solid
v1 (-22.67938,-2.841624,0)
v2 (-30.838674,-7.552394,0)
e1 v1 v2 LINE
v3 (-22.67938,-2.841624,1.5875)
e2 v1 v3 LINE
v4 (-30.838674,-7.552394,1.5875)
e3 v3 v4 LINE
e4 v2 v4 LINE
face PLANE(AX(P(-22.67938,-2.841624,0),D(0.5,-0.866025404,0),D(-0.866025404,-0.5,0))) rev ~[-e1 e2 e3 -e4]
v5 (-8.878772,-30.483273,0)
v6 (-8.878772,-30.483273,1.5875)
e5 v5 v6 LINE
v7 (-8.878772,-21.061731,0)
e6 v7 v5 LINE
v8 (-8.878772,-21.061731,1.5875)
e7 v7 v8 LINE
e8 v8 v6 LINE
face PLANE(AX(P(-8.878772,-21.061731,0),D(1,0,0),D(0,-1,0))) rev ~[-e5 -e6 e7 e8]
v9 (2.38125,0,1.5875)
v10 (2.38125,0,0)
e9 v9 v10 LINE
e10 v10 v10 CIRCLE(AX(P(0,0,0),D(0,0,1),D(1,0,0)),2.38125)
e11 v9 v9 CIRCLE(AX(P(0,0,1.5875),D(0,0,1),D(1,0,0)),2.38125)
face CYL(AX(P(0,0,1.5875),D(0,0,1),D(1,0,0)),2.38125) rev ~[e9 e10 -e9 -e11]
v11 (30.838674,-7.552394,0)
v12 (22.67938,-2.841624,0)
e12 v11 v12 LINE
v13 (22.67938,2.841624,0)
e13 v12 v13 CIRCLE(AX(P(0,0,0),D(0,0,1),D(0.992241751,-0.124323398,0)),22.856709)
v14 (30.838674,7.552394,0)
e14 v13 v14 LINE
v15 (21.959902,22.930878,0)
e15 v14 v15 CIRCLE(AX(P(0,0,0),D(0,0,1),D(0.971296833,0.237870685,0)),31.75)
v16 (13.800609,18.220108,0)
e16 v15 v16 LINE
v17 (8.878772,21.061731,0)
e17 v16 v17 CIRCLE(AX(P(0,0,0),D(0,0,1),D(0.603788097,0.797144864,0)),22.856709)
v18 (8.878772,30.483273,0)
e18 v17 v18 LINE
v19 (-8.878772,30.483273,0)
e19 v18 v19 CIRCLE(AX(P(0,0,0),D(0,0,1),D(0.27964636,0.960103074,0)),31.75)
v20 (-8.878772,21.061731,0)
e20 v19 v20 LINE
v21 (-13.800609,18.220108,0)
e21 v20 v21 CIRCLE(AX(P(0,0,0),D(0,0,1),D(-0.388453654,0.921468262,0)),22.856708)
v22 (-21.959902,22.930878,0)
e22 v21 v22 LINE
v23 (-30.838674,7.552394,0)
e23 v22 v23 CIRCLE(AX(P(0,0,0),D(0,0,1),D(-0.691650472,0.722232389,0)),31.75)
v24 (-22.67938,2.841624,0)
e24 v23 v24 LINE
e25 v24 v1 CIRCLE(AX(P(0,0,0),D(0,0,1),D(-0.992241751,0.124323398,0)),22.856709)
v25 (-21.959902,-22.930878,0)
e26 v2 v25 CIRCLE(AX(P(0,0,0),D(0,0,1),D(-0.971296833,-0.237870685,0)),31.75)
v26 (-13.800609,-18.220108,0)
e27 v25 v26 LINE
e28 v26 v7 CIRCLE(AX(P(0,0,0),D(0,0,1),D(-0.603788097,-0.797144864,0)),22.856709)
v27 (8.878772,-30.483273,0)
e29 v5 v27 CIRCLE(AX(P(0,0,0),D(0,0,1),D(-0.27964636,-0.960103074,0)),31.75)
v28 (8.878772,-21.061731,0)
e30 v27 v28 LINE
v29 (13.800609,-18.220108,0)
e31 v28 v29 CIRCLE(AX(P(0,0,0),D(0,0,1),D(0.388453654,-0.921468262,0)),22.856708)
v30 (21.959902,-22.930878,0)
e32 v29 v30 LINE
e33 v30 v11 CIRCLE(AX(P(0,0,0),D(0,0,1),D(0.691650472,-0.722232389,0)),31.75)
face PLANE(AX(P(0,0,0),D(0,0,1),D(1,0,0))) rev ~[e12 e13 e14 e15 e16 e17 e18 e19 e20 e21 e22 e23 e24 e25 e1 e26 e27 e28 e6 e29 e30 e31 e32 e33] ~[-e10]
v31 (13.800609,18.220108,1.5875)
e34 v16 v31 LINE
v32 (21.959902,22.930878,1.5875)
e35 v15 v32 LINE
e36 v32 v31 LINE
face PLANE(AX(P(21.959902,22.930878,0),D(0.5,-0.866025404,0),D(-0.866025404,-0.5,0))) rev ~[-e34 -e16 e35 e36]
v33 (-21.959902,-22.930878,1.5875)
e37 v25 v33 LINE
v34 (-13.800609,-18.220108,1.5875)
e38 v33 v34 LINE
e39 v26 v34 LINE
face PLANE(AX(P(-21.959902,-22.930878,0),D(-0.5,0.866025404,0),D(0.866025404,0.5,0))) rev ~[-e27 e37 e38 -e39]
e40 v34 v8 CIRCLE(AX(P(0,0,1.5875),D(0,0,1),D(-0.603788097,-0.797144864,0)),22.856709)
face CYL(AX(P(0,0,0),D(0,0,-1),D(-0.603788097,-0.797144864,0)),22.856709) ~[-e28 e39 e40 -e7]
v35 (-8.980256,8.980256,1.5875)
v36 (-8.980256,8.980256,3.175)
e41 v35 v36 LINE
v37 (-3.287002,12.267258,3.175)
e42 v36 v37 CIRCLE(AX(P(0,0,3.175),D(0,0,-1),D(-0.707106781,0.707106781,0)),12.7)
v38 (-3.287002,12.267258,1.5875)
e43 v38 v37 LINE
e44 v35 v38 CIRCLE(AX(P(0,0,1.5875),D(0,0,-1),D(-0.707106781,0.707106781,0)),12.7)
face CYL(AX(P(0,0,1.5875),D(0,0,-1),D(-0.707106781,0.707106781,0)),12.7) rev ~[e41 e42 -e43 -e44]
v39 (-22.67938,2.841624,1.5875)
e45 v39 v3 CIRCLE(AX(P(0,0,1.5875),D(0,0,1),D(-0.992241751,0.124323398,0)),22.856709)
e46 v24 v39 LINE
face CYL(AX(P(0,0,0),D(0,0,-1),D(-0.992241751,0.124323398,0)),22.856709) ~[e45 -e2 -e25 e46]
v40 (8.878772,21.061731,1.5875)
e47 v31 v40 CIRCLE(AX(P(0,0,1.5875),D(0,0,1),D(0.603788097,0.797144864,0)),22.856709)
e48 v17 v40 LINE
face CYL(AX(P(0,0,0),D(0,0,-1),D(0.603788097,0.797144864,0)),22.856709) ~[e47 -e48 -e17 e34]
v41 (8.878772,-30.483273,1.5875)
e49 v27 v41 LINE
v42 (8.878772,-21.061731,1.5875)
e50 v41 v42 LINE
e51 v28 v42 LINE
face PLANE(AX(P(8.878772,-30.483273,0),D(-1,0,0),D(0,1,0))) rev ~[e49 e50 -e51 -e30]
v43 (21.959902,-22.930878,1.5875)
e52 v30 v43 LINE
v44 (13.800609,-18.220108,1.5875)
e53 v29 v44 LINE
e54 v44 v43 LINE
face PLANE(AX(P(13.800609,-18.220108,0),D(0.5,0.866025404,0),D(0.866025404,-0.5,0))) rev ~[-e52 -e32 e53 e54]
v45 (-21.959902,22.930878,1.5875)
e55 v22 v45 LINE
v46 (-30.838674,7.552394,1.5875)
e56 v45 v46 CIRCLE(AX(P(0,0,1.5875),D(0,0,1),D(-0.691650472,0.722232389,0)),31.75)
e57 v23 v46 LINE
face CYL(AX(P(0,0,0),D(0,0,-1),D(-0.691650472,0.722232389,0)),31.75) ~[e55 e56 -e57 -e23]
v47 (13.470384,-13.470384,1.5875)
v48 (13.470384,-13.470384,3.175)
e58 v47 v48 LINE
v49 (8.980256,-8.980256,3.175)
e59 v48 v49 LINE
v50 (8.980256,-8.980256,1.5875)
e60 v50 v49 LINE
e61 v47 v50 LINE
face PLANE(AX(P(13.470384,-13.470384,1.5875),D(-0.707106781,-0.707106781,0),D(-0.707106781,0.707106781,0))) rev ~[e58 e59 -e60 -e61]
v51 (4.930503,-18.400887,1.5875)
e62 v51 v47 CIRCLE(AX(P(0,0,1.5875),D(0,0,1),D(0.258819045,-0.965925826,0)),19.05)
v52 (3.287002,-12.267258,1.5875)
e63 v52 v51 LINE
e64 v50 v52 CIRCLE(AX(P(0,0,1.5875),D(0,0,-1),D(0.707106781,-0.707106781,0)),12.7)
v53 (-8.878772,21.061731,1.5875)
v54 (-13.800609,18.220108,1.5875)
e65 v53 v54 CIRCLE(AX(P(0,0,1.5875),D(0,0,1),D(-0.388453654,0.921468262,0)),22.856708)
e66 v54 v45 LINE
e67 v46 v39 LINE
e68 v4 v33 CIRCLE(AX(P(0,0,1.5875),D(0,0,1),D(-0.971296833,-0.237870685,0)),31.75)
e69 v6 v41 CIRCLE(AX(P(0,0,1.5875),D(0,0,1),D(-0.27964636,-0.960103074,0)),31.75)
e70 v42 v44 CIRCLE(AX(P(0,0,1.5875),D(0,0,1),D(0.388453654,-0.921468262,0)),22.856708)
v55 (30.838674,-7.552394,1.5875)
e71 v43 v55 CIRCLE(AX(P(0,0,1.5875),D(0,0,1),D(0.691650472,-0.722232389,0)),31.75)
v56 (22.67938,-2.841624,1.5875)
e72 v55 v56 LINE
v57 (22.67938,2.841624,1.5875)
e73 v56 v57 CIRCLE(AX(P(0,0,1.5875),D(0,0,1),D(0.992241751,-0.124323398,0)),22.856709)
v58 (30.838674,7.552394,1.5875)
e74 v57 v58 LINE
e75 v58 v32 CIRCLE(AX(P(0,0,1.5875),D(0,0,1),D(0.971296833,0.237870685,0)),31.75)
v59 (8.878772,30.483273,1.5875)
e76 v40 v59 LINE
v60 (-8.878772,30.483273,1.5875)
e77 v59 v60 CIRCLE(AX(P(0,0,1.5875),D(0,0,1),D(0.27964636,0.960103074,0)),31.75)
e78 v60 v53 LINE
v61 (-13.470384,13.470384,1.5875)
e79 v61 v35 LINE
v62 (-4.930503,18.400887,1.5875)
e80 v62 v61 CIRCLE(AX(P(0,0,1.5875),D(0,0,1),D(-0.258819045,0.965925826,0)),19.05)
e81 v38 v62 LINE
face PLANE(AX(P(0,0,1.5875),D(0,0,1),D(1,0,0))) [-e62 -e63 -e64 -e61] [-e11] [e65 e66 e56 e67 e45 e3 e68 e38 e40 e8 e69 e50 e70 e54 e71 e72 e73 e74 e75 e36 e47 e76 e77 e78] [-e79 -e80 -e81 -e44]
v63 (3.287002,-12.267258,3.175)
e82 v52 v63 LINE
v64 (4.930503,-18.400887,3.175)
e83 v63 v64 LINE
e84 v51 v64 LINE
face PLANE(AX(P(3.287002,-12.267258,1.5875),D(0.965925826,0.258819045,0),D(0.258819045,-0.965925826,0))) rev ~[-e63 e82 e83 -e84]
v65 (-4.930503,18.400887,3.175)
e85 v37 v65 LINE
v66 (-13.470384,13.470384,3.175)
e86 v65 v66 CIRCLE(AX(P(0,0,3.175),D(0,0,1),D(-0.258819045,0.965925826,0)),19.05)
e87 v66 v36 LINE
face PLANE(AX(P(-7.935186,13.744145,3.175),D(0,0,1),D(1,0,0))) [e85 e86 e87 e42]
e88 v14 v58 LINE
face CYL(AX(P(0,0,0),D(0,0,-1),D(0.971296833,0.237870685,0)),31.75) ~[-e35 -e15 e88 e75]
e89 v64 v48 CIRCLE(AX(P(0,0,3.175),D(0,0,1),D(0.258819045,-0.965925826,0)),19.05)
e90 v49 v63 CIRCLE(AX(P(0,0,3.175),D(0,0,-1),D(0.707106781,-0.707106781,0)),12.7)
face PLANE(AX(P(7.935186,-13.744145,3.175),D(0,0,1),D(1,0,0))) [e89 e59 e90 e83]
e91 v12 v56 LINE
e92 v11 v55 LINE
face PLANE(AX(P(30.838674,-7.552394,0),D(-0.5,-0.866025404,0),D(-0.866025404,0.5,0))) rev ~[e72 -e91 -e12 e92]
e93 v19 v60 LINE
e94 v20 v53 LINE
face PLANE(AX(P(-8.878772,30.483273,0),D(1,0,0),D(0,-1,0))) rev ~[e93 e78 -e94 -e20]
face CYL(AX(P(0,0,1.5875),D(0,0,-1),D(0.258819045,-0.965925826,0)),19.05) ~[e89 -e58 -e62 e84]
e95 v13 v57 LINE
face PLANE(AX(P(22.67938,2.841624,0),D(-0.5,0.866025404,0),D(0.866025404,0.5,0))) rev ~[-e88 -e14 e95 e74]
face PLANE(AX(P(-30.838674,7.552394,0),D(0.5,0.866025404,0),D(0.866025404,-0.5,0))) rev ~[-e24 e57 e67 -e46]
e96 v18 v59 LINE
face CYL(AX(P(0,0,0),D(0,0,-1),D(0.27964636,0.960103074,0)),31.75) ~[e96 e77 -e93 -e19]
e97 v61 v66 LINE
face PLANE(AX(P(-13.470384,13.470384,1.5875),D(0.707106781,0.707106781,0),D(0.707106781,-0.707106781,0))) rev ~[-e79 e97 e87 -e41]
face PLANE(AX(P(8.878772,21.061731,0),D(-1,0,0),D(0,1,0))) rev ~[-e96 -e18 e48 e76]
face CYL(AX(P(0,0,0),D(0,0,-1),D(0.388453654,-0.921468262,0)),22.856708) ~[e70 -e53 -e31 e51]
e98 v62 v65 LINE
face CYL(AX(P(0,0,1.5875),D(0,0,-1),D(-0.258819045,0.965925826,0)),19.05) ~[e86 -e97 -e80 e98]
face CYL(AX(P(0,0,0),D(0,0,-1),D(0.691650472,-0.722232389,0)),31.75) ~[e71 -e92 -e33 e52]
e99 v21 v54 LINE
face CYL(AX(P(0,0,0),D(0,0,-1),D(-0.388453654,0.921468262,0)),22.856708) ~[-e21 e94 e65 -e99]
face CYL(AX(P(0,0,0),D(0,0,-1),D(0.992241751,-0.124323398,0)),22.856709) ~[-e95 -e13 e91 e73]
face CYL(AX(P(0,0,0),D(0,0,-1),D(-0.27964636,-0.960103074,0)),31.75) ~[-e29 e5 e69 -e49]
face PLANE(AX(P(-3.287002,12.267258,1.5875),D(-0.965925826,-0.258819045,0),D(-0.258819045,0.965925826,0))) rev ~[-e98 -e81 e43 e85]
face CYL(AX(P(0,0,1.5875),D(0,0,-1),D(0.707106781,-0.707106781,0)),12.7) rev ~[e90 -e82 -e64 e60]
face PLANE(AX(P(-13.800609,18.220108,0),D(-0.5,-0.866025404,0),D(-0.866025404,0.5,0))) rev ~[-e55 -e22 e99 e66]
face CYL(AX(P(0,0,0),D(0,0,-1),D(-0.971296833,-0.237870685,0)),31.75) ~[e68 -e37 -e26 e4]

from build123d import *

# Parameters (mm, degrees)
EXTRUDE1_DEPTH      = 1.5875
SKETCH2_R           = 2.38125
CUT_EXTRUDE1_DEPTH  = 2.5875
BOSS_EXTRUDE1_DEPTH = 1.5875


with BuildPart() as part:
    # Sketch1 → Extrude1 (new body)
    with BuildSketch(Plane.XY):
        with BuildLine():
            Line((22.679380466, 2.841623674), (30.838674439, 7.552394246))
            ThreePointArc((30.838674439, 7.552394246), (27.49630657, 15.875), (21.959902496, 22.93087836))
            Line((21.959902496, 22.93087836), (13.800608523, 18.220107788))
            ThreePointArc((13.800608523, 18.220107788), (11.428354249, 19.794490207), (8.878771943, 21.061731462))
            Line((8.878771943, 21.061731462), (8.878771943, 30.483272606))
            ThreePointArc((8.878771943, 30.483272606), (0, 31.75), (-8.878771943, 30.483272606))
            Line((-8.878771943, 30.483272606), (-8.878771943, 21.061731462))
            ThreePointArc((-8.878771943, 21.061731462), (-11.42835425, 19.794490207), (-13.800608523, 18.220107788))
            Line((-13.800608523, 18.220107788), (-21.959902496, 22.93087836))
            ThreePointArc((-21.959902496, 22.93087836), (-27.49630657, 15.875), (-30.838674439, 7.552394246))
            Line((-30.838674439, 7.552394246), (-22.679380466, 2.841623674))
            ThreePointArc((-22.679380466, 2.841623674), (-22.856708499, 0), (-22.679380466, -2.841623674))
            Line((-22.679380466, -2.841623674), (-30.838674439, -7.552394246))
            ThreePointArc((-30.838674439, -7.552394246), (-27.49630657, -15.875), (-21.959902496, -22.93087836))
            Line((-21.959902496, -22.93087836), (-13.800608523, -18.220107788))
            ThreePointArc((-13.800608523, -18.220107788), (-11.428354249, -19.794490207), (-8.878771943, -21.061731462))
            Line((-8.878771943, -21.061731462), (-8.878771943, -30.483272606))
            ThreePointArc((-8.878771943, -30.483272606), (0, -31.75), (8.878771943, -30.483272606))
            Line((8.878771943, -30.483272606), (8.878771943, -21.061731462))
            ThreePointArc((8.878771943, -21.061731462), (11.42835425, -19.794490207), (13.800608523, -18.220107788))
            Line((13.800608523, -18.220107788), (21.959902496, -22.93087836))
            ThreePointArc((21.959902496, -22.93087836), (27.49630657, -15.875), (30.838674439, -7.552394246))
            Line((30.838674439, -7.552394246), (22.679380466, -2.841623674))
            ThreePointArc((22.679380466, -2.841623674), (22.856708499, 0), (22.679380466, 2.841623674))
        make_face()
    extrude(amount=EXTRUDE1_DEPTH)

    # Sketch2 → Cut-Extrude1 (cut, through all)
    with BuildSketch(Plane.XY.offset(1.5875)):
        Circle(SKETCH2_R)
    extrude(amount=-CUT_EXTRUDE1_DEPTH, mode=Mode.SUBTRACT)

    # Sketch3 → Boss-Extrude1 (add)
    with BuildSketch(Plane.XY.offset(1.5875)):
        with BuildLine():
            Line((-13.470384182, 13.470384182), (-8.980256121, 8.980256121))
            ThreePointArc((-8.980256121, 8.980256121), (-6.35, 10.998522628), (-3.287001873, 12.267257994))
            Line((-3.287001873, 12.267257994), (-4.930502809, 18.400886991))
            ThreePointArc((-4.930502809, 18.400886991), (-9.525, 16.497783942), (-13.470384182, 13.470384182))
        make_face()
        with BuildLine():
            Line((13.470384182, -13.470384182), (8.980256121, -8.980256121))
            ThreePointArc((8.980256121, -8.980256121), (6.35, -10.998522628), (3.287001873, -12.267257994))
            Line((3.287001873, -12.267257994), (4.930502809, -18.400886991))
            ThreePointArc((4.930502809, -18.400886991), (9.525, -16.497783942), (13.470384182, -13.470384182))
        make_face()
    extrude(amount=BOSS_EXTRUDE1_DEPTH)


solid = part.part
